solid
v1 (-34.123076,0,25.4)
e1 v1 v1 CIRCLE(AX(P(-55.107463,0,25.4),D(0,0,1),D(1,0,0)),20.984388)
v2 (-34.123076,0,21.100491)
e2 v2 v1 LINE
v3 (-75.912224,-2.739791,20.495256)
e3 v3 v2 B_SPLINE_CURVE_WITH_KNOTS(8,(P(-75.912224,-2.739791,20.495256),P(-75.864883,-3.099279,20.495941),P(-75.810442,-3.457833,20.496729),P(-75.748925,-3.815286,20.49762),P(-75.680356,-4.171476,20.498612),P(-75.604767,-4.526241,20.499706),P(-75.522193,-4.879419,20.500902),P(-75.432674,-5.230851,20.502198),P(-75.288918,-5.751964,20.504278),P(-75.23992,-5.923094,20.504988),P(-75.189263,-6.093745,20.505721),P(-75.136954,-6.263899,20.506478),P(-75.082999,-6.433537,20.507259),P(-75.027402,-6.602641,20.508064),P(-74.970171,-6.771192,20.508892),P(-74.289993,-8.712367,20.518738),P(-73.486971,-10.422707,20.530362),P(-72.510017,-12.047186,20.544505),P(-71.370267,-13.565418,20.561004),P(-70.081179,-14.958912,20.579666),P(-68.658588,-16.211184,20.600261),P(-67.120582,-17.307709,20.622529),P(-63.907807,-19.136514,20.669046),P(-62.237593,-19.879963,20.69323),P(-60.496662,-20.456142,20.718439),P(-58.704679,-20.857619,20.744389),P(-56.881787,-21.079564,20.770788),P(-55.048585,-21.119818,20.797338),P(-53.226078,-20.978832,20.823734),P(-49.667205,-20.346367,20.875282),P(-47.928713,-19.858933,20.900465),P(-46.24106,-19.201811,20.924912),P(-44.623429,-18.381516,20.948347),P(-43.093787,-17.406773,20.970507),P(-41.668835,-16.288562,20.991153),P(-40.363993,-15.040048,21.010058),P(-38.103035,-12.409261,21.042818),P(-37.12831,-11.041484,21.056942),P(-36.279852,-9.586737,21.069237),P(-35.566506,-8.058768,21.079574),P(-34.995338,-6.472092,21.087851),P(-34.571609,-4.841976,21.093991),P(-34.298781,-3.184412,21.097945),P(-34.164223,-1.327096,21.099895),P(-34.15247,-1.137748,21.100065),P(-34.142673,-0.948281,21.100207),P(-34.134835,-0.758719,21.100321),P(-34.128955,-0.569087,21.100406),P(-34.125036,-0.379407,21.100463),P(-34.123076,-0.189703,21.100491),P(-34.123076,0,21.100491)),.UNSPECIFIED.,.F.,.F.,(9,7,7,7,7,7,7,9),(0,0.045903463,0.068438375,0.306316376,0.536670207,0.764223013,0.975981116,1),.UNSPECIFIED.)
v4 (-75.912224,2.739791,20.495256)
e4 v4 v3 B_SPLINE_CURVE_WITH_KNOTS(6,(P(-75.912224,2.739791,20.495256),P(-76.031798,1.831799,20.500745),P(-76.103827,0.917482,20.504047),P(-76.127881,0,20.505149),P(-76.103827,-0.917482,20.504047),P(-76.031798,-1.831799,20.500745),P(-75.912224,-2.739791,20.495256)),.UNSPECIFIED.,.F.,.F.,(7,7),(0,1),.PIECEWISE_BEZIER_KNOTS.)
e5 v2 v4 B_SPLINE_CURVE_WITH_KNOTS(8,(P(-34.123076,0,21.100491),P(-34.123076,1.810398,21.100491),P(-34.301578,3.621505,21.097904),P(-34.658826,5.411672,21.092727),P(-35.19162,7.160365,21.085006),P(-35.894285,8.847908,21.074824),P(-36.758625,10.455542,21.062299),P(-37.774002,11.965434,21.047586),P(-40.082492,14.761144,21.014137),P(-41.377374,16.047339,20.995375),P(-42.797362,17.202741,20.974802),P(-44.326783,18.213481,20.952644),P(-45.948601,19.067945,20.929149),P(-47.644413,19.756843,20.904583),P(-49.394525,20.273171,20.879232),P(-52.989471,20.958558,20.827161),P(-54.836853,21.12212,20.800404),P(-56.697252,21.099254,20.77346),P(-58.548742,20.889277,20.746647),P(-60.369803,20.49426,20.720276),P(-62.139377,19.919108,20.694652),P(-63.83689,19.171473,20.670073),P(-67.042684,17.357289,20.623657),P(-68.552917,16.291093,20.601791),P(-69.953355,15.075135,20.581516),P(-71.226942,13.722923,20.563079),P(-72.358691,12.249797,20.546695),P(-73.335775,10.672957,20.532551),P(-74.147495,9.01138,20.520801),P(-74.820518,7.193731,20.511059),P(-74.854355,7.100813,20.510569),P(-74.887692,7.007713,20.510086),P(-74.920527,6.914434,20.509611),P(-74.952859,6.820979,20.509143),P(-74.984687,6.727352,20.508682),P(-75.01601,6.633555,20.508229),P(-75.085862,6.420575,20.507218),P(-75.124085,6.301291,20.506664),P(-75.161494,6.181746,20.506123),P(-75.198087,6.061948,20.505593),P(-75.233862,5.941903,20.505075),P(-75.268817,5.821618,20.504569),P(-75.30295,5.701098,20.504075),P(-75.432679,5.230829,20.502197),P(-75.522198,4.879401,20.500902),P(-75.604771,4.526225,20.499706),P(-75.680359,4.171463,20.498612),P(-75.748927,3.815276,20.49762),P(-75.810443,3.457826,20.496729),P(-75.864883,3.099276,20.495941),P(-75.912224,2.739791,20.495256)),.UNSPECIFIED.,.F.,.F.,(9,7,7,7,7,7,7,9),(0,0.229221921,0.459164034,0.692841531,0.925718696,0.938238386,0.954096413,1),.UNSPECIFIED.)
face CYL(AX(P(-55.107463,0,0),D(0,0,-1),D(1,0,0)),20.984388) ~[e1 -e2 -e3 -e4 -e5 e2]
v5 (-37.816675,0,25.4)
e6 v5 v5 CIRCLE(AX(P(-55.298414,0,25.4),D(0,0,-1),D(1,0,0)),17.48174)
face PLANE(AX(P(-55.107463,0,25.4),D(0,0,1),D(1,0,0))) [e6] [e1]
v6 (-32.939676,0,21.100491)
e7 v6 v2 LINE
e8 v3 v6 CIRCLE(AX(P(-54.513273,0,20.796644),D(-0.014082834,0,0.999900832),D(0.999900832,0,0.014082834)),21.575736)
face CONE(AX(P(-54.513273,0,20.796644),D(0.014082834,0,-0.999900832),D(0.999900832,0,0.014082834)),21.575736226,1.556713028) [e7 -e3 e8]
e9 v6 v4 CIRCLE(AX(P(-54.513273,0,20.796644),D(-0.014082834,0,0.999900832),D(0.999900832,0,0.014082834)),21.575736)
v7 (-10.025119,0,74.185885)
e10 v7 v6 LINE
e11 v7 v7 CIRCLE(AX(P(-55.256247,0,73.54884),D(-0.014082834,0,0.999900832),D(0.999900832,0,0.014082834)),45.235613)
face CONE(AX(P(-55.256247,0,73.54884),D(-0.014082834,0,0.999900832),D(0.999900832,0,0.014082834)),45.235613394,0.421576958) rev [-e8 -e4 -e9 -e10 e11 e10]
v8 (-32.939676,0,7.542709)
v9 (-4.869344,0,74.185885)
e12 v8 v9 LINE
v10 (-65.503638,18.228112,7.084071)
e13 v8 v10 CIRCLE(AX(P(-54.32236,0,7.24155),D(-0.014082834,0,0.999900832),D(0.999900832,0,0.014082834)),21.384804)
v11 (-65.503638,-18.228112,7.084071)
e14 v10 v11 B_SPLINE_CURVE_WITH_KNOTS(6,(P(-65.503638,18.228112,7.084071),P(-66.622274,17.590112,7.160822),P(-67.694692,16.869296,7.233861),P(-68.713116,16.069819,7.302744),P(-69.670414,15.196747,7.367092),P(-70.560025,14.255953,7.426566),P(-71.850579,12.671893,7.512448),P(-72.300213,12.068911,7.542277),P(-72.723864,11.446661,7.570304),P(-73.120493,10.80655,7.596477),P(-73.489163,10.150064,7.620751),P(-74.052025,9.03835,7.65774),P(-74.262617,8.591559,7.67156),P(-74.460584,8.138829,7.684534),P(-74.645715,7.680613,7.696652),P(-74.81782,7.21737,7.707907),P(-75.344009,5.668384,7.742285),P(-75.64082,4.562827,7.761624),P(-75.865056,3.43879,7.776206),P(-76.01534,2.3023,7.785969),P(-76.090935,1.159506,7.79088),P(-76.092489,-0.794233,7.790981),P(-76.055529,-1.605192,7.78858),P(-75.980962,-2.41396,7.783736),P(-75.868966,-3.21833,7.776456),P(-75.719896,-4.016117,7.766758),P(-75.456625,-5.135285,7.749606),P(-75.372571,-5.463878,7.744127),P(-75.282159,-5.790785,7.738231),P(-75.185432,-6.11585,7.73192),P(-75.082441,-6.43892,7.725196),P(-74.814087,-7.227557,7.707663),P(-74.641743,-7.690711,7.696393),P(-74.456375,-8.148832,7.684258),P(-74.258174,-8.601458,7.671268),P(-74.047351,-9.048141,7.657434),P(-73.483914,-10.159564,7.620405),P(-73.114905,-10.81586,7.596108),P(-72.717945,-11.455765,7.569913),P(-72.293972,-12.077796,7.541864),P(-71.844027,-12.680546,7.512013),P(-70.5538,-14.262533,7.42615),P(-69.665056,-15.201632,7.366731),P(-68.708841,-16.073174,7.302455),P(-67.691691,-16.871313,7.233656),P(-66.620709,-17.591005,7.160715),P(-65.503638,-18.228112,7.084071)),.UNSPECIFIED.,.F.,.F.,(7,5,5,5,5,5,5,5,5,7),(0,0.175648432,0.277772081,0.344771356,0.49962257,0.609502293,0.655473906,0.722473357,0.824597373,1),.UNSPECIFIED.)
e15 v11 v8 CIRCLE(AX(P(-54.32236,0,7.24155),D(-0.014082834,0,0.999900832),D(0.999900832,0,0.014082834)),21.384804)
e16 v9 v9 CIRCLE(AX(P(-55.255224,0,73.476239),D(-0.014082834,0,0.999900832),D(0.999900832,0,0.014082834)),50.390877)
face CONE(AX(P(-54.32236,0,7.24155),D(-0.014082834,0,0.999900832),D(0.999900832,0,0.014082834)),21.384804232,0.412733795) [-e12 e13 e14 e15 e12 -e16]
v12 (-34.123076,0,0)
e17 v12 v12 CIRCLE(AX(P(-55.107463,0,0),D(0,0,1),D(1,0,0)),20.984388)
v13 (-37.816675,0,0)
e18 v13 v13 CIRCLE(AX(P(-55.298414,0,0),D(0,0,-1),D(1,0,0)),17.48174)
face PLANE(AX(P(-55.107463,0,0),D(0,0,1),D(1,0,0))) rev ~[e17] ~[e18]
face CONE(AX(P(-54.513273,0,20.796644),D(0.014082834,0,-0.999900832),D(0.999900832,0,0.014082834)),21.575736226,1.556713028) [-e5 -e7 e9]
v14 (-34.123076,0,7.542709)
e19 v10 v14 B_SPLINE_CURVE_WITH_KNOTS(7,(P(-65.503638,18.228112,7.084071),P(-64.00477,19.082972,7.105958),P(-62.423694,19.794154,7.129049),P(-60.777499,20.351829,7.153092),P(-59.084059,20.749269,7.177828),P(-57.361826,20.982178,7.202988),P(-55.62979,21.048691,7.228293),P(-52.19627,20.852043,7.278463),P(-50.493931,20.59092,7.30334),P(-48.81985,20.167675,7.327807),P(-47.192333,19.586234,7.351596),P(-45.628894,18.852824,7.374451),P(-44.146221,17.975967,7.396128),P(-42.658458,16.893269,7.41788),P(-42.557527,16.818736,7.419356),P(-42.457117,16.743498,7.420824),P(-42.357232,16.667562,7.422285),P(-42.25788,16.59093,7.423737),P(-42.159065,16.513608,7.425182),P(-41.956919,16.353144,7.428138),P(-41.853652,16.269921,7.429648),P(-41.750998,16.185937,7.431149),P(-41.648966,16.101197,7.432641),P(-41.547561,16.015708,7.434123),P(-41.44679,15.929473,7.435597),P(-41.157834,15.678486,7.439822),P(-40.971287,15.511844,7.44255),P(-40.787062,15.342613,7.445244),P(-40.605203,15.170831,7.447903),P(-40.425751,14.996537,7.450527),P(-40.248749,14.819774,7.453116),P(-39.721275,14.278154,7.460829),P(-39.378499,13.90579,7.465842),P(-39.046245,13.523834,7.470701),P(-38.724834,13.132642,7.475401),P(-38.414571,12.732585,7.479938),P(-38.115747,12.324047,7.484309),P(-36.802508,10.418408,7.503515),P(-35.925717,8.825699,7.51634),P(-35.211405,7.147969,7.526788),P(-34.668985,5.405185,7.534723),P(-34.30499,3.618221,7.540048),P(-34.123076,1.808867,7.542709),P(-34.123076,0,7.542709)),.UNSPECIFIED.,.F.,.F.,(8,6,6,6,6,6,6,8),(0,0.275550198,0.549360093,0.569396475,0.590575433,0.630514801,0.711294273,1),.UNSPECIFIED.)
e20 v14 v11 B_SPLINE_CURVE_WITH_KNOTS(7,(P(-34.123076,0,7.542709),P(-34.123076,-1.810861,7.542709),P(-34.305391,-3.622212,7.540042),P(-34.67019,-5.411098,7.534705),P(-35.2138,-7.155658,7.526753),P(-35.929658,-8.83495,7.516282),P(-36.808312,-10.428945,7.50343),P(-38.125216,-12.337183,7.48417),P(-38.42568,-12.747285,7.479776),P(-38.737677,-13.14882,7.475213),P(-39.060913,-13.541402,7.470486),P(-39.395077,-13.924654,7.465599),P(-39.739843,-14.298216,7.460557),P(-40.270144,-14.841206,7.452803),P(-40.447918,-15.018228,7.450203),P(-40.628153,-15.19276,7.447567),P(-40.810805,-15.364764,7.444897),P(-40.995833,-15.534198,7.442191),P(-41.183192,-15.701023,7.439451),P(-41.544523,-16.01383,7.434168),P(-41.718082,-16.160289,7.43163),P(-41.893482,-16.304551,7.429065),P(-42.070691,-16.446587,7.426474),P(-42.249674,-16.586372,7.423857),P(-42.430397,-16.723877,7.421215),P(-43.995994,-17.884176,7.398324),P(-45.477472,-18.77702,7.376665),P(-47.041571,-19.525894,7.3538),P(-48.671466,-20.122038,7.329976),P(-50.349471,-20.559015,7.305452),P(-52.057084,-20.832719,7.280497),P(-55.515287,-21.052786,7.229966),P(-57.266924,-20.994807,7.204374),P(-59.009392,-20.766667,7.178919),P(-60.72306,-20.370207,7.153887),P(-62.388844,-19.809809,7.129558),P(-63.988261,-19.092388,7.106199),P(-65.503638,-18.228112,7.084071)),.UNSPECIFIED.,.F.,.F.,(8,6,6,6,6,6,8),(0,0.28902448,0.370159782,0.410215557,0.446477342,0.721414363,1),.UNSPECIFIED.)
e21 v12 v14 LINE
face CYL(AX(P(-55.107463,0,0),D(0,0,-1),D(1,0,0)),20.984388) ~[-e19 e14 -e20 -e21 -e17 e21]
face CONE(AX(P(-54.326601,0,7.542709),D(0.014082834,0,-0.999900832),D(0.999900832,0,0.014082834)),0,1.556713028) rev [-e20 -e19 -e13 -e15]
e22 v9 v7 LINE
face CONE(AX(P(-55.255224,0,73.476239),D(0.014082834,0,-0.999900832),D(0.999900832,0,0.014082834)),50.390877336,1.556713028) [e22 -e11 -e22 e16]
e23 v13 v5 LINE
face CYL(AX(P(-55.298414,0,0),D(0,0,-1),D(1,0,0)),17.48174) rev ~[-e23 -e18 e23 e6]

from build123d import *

# Parameters (mm, degrees)
F2_R     = 20.9843875465
F3_DEPTH = 25.4
F5_R     = 17.4817395379
F6_DEPTH = 25.4


with BuildPart() as f1:
    # F0 (on Front) → F1 (revolve)
    with BuildSketch(Plane.XZ):
        Polygon((-32.9396761954, 21.1004912853), (-54.5175522566, 21.1004912853), (-54.3266013265, 7.5427088886), (-32.9396761954, 7.5427088886), (-4.8693441786, 74.185885489), (-10.025119409, 74.185885489), align=None)
    revolve(axis=Axis((-54.4220767915, 0, 14.321600087), (-0.0140828336, 0, 0.999900832)))

    # F2 (on Top) → F3 (join)
    with BuildSketch(Plane.XY):
        with Locations((-55.1074631512, 0)):
            Circle(F2_R)
    extrude(amount=F3_DEPTH)

    # F5 (on face) → F6 (cut)
    with BuildSketch(Plane(origin=(0, 0, 0), x_dir=(1, 0, 0), z_dir=(0, 0, -1))):
        with Locations((-55.2984140813, 0)):
            Circle(F5_R)
    extrude(amount=-F6_DEPTH, mode=Mode.SUBTRACT)


solid = f1.part
